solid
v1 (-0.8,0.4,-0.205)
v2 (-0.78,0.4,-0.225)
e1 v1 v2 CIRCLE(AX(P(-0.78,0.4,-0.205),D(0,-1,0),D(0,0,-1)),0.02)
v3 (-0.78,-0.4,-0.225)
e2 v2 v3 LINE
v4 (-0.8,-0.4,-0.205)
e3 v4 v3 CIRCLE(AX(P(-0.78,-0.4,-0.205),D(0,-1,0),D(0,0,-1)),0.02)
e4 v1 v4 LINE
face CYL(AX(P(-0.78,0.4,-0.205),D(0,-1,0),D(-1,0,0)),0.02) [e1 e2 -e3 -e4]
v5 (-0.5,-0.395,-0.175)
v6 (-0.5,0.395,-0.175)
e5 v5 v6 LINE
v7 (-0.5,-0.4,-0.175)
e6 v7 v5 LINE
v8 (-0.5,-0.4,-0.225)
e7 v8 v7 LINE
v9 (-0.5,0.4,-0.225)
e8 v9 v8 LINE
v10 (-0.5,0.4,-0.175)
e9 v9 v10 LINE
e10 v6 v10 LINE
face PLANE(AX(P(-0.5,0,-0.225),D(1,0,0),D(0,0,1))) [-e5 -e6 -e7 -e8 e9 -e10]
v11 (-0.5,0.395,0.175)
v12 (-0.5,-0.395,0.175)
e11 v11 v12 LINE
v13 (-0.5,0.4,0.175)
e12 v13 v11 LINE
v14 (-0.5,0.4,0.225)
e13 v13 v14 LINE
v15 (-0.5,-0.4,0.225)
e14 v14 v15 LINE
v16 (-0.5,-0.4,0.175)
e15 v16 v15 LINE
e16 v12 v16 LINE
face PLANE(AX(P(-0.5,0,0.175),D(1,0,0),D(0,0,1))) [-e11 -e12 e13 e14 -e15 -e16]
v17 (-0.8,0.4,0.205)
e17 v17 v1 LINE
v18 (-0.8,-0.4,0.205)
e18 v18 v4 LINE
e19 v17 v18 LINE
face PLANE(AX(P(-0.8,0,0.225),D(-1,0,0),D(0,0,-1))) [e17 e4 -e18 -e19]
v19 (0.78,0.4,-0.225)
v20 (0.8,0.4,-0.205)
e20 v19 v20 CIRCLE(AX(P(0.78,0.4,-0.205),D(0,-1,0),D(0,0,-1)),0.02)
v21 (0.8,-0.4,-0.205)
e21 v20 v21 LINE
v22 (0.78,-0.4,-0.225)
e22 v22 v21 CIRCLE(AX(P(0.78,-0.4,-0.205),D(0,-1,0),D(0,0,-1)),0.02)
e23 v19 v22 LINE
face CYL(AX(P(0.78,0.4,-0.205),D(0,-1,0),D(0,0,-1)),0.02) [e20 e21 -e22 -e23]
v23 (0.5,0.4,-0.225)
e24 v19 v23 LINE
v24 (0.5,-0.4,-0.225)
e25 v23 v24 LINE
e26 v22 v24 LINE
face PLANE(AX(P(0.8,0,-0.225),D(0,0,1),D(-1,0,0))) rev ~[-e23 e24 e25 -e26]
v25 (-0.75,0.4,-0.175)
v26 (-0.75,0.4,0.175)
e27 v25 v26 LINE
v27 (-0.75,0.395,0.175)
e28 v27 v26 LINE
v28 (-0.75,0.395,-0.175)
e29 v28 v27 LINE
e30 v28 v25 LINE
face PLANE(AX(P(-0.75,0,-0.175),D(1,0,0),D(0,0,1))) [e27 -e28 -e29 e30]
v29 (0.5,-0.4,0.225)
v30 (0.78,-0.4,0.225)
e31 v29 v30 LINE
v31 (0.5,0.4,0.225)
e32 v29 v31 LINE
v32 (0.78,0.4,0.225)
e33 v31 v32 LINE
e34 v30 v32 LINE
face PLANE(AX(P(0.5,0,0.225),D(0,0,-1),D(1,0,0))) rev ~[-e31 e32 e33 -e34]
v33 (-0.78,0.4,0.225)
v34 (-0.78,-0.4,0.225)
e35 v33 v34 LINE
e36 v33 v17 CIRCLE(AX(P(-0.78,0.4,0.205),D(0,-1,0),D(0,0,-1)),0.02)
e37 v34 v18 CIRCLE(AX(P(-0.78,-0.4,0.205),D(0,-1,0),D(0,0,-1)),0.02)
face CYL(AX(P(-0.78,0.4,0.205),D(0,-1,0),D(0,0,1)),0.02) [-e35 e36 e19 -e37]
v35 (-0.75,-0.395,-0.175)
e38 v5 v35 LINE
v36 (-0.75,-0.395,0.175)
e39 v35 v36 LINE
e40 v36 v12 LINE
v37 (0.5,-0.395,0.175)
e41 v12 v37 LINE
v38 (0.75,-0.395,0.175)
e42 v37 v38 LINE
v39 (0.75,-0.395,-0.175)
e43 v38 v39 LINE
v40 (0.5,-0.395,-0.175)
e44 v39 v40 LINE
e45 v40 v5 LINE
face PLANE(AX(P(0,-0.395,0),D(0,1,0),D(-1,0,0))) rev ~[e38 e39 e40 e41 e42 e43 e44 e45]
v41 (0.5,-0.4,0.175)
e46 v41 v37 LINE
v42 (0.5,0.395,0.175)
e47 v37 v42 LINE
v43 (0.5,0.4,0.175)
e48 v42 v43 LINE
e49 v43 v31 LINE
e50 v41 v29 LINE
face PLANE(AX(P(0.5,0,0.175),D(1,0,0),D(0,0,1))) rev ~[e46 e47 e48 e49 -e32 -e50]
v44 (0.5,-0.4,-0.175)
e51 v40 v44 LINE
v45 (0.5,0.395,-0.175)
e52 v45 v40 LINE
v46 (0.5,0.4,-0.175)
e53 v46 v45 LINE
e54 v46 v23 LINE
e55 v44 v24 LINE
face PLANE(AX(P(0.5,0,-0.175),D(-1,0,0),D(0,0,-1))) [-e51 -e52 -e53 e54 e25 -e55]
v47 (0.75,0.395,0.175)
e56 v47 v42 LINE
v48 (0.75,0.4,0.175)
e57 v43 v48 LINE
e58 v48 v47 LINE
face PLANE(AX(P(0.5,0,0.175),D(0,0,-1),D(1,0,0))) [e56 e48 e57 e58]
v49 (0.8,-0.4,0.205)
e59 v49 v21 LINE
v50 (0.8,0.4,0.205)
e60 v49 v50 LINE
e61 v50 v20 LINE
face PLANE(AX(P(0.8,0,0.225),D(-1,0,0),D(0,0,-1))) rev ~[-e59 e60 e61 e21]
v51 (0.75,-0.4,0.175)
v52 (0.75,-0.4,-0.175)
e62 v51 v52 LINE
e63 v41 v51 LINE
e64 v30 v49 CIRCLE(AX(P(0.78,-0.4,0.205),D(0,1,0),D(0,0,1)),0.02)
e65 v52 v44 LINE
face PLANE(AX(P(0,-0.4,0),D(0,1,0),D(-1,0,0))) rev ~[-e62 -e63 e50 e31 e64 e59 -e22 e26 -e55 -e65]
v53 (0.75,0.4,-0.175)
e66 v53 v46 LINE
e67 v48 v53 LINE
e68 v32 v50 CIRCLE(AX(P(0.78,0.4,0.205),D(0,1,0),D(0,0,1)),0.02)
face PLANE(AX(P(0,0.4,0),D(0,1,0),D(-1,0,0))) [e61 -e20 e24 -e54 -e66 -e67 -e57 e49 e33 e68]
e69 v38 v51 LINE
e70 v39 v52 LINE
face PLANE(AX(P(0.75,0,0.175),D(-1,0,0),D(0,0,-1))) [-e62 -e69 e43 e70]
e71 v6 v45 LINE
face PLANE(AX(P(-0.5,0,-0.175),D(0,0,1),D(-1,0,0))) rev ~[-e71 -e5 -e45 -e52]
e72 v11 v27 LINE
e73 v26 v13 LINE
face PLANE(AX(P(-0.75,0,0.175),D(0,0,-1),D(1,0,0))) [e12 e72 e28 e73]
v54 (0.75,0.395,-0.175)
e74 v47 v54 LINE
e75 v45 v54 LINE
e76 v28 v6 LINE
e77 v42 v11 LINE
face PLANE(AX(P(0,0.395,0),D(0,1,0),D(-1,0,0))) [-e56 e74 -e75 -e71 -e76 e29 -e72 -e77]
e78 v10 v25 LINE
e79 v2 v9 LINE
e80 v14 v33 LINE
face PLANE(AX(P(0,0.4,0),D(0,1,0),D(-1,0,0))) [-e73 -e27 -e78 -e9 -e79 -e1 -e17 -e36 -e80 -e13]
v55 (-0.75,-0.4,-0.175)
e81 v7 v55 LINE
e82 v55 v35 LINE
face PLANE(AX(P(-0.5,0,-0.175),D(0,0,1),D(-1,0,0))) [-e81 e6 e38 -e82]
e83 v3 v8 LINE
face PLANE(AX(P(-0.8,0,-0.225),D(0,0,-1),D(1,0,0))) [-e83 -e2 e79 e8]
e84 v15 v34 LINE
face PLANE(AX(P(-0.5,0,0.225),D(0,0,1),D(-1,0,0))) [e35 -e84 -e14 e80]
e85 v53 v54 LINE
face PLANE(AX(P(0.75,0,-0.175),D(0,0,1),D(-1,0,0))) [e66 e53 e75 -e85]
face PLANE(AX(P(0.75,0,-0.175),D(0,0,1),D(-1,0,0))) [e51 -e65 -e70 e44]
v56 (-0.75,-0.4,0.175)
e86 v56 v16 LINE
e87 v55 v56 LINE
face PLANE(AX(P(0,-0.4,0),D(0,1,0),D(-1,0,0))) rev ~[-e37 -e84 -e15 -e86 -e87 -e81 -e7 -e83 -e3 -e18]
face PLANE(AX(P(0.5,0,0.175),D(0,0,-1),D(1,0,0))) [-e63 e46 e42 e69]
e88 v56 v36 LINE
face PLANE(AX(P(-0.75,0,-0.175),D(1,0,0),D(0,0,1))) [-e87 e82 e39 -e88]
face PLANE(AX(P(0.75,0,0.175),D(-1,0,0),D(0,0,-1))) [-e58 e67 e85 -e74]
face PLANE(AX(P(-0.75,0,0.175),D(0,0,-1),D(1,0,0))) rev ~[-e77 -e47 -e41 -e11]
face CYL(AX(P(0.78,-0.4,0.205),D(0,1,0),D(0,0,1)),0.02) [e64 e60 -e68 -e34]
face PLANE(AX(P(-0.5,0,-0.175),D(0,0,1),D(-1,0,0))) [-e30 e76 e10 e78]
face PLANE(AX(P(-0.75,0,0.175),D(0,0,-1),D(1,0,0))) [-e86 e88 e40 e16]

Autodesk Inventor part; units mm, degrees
ref_plane "YZ Plane" through (0, 0, 0) normal (1, 0, 0) x (0, 1, 0)
ref_plane "XZ Plane" through (0, 0, 0) normal (0, 1, 0) x (-1, 0, 0)
ref_plane "XY Plane" through (0, 0, 0) normal (0, 0, 1) x (1, 0, 0)
sketch "Sketch1" plane through (0, 0, 0) normal (0, 1, 0) x (-1, 0, 0)
  line L0 (0.75, 0.175) -> (-0.75, 0.175)
  line L1 (-0.75, 0.175) -> (-0.75, -0.175)
  line L2 (-0.75, -0.175) -> (0.75, -0.175)
  line L3 (0.75, -0.175) -> (0.75, 0.175)
  line L4 (0.5, 0.175) -> (0.5, 0.225)
  line L5 (0.5, 0.225) -> (0.8, 0.225)
  line L6 (0.8, 0.225) -> (0.8, -0.225)
  line L7 (0.8, -0.225) -> (0.5, -0.225)
  line L8 (0.5, -0.225) -> (0.5, -0.175)
  line L9 (-0.5, 0.175) -> (-0.5, 0.225)
  line L10 (-0.5, 0.225) -> (-0.8, 0.225)
  line L11 (-0.8, 0.225) -> (-0.8, -0.225)
  line L12 (-0.8, -0.225) -> (-0.5, -0.225)
  line L13 (-0.5, -0.175) -> (-0.5, -0.225)
  line L14 (0.5, 0.175) -> (-0.5, 0.175)
  point P0 (0, 0)
  point P1 (0, 0.175)
  point P2 (0.75, 0)
  dimension "d0" = 1.6
  dimension "d1" = 0.05
  dimension "d2" = 0.05
  dimension "d3" = 0.45
  dimension "d4" = 0.3
extrude "Extrusion1" add sketch "Sketch1" along normal mid plane 0.8 contours L0 L4 L5 L6 L7 L8 L2 L3 | L0 L1 L2 L13 L12 L11 L10 L9
extrude "Extrusion2" add sketch "Sketch1" along normal mid plane 0.79 contours L3 L2 L1 L0
fillet "Fillet1" radius 0.02 4 edges at (-0.8, 0, 0.225) (-0.8, 0, -0.225) (0.8, 0, 0.225) (0.8, 0, -0.225)
equation "\"d2\" = d1"
properties part number "21-1001" material "Copper"
